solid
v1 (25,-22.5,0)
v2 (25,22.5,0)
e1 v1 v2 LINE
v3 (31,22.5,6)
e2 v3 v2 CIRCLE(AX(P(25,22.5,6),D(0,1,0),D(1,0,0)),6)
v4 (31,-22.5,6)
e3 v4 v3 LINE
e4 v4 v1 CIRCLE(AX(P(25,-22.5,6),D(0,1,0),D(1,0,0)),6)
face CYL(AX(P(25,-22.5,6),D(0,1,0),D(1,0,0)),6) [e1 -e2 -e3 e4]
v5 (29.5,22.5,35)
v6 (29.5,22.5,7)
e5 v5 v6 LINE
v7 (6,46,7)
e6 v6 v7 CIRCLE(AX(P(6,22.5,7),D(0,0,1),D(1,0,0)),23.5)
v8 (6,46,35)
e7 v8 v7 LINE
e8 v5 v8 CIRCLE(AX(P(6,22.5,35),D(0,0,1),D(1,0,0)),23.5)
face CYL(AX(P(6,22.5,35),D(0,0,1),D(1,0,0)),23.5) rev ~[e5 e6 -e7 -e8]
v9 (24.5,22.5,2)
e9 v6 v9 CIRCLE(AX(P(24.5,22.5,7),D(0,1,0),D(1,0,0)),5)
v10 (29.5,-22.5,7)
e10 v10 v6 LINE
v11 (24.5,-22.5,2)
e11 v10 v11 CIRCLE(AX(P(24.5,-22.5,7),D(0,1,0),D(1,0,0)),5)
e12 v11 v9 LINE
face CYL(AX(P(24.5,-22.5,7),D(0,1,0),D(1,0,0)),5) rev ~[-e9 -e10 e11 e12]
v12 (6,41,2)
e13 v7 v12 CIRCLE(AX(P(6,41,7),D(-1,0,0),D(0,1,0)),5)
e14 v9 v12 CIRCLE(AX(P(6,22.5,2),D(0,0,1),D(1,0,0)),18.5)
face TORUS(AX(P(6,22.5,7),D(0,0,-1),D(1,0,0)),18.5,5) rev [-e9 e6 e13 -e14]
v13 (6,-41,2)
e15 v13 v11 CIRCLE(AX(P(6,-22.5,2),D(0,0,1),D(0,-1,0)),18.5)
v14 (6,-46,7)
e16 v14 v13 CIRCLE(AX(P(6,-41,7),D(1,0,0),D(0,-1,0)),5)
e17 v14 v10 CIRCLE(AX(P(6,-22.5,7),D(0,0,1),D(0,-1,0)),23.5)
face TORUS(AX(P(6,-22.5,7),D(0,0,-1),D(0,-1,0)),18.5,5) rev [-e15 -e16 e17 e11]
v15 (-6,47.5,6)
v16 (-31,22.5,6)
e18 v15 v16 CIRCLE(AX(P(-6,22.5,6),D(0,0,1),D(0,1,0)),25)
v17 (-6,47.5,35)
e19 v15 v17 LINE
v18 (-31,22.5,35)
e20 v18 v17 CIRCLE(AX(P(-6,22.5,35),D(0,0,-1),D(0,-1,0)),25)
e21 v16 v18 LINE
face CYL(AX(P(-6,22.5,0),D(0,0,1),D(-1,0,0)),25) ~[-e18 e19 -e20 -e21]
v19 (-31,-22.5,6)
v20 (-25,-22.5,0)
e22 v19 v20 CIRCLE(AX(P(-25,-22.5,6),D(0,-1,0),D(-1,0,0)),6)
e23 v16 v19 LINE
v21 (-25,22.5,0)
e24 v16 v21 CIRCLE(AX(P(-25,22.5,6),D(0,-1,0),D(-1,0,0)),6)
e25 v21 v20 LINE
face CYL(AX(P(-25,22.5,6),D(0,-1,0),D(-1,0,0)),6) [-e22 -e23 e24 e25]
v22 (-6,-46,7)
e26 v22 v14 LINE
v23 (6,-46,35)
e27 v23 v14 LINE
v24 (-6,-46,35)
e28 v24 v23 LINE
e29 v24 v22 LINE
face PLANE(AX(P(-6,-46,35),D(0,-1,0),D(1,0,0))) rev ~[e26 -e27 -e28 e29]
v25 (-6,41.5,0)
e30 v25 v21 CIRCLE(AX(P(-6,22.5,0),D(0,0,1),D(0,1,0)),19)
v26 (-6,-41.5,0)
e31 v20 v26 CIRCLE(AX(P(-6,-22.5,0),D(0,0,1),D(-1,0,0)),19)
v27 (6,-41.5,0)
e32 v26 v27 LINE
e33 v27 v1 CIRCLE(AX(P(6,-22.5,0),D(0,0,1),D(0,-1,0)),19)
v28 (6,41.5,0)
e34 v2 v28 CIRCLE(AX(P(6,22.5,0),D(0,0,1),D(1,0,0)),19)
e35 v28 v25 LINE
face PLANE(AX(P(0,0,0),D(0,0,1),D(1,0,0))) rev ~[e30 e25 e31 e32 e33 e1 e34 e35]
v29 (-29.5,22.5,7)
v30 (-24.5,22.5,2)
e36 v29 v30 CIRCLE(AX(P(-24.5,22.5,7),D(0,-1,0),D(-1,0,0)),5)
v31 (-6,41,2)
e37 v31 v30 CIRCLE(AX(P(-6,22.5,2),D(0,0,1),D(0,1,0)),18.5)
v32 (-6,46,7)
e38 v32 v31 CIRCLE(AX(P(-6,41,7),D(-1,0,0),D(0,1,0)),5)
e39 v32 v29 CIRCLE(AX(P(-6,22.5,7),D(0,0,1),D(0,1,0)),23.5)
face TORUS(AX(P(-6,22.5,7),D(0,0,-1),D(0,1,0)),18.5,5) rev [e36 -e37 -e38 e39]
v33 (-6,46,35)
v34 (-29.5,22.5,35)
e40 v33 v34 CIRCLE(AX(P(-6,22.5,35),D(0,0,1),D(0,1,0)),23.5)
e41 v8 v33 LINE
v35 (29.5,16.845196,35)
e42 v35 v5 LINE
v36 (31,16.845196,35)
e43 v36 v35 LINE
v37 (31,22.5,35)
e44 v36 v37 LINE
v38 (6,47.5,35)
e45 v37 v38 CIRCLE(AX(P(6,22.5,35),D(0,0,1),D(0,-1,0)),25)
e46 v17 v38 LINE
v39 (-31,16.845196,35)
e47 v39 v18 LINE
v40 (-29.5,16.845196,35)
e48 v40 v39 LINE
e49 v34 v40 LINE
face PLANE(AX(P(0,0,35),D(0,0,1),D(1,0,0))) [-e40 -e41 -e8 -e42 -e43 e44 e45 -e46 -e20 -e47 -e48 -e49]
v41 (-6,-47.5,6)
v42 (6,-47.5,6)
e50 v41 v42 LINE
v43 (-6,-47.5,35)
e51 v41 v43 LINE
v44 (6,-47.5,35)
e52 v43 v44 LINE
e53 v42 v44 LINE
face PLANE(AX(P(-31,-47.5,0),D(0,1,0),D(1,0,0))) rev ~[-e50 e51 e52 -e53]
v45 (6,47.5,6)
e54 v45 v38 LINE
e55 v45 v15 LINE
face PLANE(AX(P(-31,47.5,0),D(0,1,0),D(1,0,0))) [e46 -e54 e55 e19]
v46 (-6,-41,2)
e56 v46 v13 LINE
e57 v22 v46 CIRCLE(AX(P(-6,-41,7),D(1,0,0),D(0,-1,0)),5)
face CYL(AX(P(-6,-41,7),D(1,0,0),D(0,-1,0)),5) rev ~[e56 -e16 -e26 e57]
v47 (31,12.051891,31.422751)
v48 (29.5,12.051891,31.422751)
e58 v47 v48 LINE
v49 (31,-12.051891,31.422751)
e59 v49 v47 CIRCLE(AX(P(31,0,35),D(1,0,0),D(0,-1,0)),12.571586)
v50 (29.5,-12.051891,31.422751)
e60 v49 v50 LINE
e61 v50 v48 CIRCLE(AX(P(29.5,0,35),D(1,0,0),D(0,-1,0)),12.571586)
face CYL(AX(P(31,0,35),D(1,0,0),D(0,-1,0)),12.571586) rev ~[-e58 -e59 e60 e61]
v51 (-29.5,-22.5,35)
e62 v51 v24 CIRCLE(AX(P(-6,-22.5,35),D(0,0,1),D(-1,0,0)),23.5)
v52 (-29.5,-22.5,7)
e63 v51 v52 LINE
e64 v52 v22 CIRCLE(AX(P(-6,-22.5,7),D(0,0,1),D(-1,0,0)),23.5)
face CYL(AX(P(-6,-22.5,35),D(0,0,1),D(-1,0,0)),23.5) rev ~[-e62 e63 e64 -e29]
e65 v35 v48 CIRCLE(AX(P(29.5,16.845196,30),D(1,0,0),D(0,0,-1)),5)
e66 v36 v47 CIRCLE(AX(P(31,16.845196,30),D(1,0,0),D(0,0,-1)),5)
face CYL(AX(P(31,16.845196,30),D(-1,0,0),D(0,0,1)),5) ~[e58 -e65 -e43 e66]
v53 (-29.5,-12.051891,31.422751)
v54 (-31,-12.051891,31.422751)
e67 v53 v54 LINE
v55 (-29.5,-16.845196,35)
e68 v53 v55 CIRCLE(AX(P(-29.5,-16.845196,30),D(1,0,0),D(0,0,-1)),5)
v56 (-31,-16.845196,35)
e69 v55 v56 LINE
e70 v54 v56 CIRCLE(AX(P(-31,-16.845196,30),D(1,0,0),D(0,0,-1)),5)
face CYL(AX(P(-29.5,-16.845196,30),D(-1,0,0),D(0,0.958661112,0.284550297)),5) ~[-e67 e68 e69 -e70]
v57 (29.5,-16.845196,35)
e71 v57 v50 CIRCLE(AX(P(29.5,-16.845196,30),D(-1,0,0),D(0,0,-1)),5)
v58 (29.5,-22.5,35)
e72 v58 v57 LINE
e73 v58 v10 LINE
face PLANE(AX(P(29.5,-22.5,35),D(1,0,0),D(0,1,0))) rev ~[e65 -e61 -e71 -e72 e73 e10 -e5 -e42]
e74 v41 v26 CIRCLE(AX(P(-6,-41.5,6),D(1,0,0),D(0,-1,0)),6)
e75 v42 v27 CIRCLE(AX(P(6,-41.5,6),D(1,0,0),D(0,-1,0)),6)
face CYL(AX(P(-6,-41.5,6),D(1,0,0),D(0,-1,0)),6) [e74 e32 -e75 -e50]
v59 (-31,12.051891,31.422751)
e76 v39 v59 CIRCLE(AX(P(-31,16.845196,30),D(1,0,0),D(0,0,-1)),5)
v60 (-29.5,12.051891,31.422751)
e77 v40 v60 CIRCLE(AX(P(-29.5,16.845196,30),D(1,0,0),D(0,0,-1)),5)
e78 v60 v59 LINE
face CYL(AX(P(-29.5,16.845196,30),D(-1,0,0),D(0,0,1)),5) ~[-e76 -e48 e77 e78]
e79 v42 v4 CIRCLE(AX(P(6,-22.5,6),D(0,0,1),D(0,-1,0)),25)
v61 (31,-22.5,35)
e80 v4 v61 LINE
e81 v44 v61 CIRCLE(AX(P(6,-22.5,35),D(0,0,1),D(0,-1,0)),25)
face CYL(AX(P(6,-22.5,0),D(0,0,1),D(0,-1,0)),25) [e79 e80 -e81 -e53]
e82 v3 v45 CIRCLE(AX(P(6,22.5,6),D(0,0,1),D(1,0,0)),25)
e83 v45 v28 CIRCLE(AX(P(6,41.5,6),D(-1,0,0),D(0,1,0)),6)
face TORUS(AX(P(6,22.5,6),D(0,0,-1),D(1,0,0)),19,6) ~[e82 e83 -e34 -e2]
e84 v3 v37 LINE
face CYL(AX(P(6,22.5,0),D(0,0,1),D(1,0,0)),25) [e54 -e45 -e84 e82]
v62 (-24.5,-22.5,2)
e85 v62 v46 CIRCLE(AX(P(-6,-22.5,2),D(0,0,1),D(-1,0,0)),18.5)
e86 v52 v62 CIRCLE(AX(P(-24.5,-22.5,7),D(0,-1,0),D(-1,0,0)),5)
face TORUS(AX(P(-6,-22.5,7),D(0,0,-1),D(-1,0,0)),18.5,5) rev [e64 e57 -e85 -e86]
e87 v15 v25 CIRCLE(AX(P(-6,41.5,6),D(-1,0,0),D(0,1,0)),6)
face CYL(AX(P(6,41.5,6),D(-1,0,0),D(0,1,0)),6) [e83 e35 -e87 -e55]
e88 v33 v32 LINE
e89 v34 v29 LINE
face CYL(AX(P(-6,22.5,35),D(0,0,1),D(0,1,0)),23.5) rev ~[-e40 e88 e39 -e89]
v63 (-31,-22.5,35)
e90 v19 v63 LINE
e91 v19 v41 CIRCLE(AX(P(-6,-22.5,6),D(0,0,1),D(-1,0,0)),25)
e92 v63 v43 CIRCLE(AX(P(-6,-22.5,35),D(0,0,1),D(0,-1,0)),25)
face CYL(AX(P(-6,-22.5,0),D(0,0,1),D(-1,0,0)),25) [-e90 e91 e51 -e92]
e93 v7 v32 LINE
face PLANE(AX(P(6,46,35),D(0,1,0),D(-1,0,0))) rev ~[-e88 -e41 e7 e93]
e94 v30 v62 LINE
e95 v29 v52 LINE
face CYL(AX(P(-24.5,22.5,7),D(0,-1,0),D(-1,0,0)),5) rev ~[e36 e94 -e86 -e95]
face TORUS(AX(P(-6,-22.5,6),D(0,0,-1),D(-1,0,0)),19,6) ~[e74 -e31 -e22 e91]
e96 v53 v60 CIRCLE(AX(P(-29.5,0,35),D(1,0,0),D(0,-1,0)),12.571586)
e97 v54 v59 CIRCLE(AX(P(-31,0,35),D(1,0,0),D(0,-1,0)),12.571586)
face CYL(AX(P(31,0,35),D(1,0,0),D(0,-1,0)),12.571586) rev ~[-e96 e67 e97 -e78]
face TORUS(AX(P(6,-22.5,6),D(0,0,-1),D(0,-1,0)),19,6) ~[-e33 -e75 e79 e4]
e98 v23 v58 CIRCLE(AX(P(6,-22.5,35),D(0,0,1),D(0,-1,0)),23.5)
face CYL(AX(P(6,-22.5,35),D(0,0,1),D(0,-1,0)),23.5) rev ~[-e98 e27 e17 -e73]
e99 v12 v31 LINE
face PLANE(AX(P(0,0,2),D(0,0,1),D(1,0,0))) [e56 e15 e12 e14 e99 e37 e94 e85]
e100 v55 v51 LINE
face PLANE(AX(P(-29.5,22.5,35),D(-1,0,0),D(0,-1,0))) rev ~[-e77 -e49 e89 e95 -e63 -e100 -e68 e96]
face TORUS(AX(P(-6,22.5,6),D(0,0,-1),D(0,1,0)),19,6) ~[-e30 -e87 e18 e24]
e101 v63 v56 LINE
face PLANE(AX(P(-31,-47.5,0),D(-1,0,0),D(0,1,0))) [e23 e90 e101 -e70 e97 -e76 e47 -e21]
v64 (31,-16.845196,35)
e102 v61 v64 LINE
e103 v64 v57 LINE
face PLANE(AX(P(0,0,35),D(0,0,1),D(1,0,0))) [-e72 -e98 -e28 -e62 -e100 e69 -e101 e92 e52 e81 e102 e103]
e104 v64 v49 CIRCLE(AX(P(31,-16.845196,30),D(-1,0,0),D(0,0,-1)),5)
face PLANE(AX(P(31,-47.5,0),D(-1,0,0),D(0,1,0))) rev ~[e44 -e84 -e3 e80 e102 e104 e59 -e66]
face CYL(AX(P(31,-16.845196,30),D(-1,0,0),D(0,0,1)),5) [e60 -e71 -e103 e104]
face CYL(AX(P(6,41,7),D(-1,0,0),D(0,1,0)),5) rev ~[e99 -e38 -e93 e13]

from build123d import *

# Parameters (mm, degrees)
F0_W     = 62
F0_H     = 95
F1_DEPTH = 35
F2_R     = 25
F4_DEPTH = 33
F6_DEPTH = 62.001
F7_R     = 5
F8_R     = 5
F9_R     = 6


with BuildPart() as f1:
    # F0 (on Top) → F1 (new body)
    with BuildSketch(Plane.XY):
        Rectangle(F0_W, F0_H)
    extrude(amount=F1_DEPTH)

    # F2
    f2_edges = [f1.edges().sort_by_distance(p)[0] for p in [
        (31, 47.5, 17.5),
        (-31, 47.5, 17.5),
        (31, -47.5, 17.5),
        (-31, -47.5, 17.5),
    ]]
    fillet(f2_edges, radius=F2_R)

    # F3 (on face) → F4 (cut)
    with BuildSketch(Plane.XY.offset(35)):
        with BuildLine():
            Line((29.5, -22.5), (29.5, 22.5))
            ThreePointArc((29.5, 22.5), (22.6170093579, 39.1170093579), (6, 46))
            Line((6, 46), (-6, 46))
            ThreePointArc((-6, 46), (-22.6170093579, 39.1170093579), (-29.5, 22.5))
            Line((-29.5, 22.5), (-29.5, -22.5))
            ThreePointArc((-29.5, -22.5), (-22.6170093579, -39.1170093579), (-6, -46))
            Line((-6, -46), (6, -46))
            ThreePointArc((6, -46), (22.6170093579, -39.1170093579), (29.5, -22.5))
        make_face()
    extrude(amount=-F4_DEPTH, mode=Mode.SUBTRACT)

    # F5 (on face) → F6 (cut, through all)
    with BuildSketch(Plane.YZ.offset(31)):
        with BuildLine():
            ThreePointArc((-12.5715859231, 35), (0, 22.4284140769), (12.5715859231, 35))
            Line((12.5715859231, 35), (-12.5715859231, 35))
        make_face()
    extrude(amount=-F6_DEPTH, mode=Mode.SUBTRACT)

    # F7
    f7_edges = [f1.edges().sort_by_distance(p)[0] for p in [
        (30.25, 12.571586, 35),
        (-30.25, 12.571586, 35),
        (30.25, -12.571586, 35),
        (-30.25, -12.571586, 35),
    ]]
    fillet(f7_edges, radius=F7_R)

    # F8
    f8_edges = [f1.edges().sort_by_distance(p)[0] for p in [
        (-22.617009, 39.117009, 2),
    ]]
    fillet(f8_edges, radius=F8_R)

    # F9
    f9_edges = [f1.edges().sort_by_distance(p)[0] for p in [
        (31, 0, 0),
    ]]
    fillet(f9_edges, radius=F9_R)


solid = f1.part
